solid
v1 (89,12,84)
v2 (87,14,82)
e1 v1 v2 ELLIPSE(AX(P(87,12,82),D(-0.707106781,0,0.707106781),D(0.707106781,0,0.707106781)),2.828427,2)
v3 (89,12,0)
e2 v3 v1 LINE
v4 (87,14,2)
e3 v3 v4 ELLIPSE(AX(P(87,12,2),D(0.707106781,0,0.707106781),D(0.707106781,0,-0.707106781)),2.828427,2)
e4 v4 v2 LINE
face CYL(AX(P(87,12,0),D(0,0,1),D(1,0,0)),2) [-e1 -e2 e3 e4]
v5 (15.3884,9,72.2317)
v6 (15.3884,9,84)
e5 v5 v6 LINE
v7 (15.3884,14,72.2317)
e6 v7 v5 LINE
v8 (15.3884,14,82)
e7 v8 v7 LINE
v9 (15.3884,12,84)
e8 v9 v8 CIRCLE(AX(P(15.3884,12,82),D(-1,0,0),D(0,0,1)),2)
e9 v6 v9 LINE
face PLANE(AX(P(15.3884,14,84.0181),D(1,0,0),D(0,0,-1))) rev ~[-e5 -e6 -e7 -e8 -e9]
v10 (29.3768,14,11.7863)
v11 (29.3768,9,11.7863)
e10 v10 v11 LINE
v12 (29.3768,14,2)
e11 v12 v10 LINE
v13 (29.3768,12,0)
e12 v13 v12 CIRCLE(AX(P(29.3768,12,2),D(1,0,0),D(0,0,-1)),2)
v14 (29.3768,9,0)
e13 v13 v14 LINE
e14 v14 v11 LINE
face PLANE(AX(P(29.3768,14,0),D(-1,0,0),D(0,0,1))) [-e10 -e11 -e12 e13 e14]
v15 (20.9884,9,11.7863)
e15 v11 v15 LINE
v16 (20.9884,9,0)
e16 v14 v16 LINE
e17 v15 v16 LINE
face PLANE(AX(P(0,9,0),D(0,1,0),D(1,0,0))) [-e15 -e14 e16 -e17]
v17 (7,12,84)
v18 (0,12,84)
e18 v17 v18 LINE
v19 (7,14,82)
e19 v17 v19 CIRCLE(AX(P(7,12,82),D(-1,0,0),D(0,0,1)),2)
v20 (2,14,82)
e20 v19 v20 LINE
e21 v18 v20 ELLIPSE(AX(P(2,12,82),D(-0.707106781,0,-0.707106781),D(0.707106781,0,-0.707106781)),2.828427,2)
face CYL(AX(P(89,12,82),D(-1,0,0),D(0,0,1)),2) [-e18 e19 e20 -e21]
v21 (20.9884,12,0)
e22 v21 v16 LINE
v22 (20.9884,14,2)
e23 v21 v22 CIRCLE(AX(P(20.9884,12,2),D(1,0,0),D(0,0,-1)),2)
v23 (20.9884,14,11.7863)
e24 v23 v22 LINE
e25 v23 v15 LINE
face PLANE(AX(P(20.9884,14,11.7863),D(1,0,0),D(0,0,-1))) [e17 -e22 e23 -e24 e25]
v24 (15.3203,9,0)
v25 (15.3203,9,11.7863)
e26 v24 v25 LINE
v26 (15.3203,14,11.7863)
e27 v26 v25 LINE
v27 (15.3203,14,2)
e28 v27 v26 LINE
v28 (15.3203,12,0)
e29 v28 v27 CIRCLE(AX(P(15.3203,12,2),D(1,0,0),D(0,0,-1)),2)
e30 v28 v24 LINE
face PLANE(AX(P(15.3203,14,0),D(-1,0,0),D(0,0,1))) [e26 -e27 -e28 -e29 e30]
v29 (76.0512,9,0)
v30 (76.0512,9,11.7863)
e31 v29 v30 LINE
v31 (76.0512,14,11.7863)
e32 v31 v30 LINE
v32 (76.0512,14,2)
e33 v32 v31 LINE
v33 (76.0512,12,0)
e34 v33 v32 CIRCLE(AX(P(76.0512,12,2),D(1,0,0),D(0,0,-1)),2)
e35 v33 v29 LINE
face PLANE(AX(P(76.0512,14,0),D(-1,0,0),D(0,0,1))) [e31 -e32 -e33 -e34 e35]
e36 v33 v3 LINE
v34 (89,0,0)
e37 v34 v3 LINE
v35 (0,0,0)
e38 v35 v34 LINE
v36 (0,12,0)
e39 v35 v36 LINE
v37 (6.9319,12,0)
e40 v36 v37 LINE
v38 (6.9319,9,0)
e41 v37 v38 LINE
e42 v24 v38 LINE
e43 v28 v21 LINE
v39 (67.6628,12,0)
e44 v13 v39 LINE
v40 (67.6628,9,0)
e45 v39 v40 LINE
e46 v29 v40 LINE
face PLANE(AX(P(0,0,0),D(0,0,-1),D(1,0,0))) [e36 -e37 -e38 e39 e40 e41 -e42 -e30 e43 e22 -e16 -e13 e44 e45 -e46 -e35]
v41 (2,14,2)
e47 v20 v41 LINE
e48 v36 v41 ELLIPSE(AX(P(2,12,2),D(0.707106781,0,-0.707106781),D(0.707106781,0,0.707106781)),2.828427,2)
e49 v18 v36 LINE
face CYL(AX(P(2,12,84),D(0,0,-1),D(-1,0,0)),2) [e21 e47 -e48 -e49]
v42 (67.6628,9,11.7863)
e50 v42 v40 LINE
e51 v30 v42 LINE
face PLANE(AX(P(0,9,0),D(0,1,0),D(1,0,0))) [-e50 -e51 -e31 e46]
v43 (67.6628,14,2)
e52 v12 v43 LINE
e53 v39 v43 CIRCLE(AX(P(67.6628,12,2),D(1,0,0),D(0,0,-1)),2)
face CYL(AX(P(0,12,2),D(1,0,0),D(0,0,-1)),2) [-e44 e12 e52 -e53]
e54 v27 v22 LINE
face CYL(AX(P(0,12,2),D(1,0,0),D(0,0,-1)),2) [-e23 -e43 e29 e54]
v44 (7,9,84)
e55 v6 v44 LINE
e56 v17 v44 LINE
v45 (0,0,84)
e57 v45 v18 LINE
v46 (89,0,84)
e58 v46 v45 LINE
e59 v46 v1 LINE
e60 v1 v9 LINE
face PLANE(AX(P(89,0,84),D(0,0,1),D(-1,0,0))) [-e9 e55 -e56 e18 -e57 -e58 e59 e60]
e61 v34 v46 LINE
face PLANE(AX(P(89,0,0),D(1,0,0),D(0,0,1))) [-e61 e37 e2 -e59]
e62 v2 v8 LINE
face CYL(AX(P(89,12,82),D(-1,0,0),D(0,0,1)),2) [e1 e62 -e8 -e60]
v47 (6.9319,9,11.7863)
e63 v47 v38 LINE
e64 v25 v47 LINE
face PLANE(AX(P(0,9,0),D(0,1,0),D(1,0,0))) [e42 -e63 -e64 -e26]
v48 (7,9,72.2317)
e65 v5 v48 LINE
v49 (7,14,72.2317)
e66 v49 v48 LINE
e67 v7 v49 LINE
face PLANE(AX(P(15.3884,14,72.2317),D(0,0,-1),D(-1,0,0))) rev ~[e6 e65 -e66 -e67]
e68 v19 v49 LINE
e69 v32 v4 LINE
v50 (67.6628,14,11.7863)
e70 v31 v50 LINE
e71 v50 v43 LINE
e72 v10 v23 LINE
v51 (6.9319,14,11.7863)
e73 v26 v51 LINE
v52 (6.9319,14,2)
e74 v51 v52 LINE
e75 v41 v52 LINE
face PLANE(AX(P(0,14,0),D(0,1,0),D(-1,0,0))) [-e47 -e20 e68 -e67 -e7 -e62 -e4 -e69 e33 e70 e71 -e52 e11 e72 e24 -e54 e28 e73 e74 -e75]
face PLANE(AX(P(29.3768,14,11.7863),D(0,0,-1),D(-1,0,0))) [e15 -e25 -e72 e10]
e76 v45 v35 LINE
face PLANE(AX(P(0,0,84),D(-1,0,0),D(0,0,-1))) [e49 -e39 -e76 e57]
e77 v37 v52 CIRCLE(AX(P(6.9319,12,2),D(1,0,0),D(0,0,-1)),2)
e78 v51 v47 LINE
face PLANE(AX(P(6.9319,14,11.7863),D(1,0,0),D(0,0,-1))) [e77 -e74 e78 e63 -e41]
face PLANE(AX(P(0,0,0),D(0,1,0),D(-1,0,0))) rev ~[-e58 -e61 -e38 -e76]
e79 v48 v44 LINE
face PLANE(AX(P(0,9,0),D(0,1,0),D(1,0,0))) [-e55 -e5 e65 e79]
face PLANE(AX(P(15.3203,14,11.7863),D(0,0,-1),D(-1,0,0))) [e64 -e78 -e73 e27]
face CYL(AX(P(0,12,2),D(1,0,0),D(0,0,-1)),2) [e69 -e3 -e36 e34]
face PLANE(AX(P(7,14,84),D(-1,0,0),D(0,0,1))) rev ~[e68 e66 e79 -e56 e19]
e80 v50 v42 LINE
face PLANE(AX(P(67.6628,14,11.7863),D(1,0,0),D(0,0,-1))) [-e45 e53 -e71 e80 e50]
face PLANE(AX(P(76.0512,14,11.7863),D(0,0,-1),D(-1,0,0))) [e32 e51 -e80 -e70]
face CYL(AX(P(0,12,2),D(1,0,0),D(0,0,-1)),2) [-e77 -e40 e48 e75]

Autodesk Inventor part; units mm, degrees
ref_plane "YZ Plane" through (0, 0, 0) normal (1, 0, 0) x (0, 1, 0)
ref_plane "XZ Plane" through (0, 0, 0) normal (0, 1, 0) x (-1, 0, 0)
ref_plane "XY Plane" through (0, 0, 0) normal (0, 0, 1) x (1, 0, 0)
sketch "Sketch1" plane through (0, 0, 0) normal (0, 1, 0) x (-1, 0, 0)
  line L0 (0, 0) -> (-89, 0)
  line L1 (-89, 0) -> (-89, 84)
  line L2 (-89, 84) -> (0, 84)
  line L3 (0, 84) -> (0, 0)
  dimension "d0" = 89
  dimension "d1" = 84
extrude "Extrusion1" add sketch "Sketch1" along normal blind 14
fillet "Fillet1" radius 2 4 edges at (44.5, 14, 0) (0, 14, 42) (89, 14, 42) (44.5, 14, 84)
sketch "Sketch2" plane through (0, 14, 0) normal (0, 1, 0) x (1, 0, 0)
  line L0 (89, 0) -> (0, 0) projected
  line L1 (6.9319, 0) -> (15.3203, 0)
  line L2 (15.3203, 0) -> (15.3203, -11.7863)
  line L3 (15.3203, -11.7863) -> (6.9319, -11.7863)
  line L4 (6.9319, -11.7863) -> (6.9319, 0)
  line L5 (20.9884, 0) -> (29.3768, 0)
  line L6 (29.3768, 0) -> (29.3768, -11.7863)
  line L7 (29.3768, -11.7863) -> (20.9884, -11.7863)
  line L8 (20.9884, -11.7863) -> (20.9884, 0)
  line L9 (67.6628, 0) -> (76.0512, 0)
  line L10 (76.0512, 0) -> (76.0512, -11.7863)
  line L11 (76.0512, -11.7863) -> (67.6628, -11.7863)
  line L12 (67.6628, -11.7863) -> (67.6628, 0)
  line L13 (7, -84.0181) -> (15.3884, -84.0181)
  line L14 (15.3884, -84.0181) -> (15.3884, -72.2317)
  line L15 (15.3884, -72.2317) -> (7, -72.2317)
  line L16 (7, -72.2317) -> (7, -84.0181)
  line L17 (89, -84) -> (0, -84) projected
extrude "Extrusion2" cut sketch "Sketch2" against normal blind 5
properties part number "RomeoSudoController"
